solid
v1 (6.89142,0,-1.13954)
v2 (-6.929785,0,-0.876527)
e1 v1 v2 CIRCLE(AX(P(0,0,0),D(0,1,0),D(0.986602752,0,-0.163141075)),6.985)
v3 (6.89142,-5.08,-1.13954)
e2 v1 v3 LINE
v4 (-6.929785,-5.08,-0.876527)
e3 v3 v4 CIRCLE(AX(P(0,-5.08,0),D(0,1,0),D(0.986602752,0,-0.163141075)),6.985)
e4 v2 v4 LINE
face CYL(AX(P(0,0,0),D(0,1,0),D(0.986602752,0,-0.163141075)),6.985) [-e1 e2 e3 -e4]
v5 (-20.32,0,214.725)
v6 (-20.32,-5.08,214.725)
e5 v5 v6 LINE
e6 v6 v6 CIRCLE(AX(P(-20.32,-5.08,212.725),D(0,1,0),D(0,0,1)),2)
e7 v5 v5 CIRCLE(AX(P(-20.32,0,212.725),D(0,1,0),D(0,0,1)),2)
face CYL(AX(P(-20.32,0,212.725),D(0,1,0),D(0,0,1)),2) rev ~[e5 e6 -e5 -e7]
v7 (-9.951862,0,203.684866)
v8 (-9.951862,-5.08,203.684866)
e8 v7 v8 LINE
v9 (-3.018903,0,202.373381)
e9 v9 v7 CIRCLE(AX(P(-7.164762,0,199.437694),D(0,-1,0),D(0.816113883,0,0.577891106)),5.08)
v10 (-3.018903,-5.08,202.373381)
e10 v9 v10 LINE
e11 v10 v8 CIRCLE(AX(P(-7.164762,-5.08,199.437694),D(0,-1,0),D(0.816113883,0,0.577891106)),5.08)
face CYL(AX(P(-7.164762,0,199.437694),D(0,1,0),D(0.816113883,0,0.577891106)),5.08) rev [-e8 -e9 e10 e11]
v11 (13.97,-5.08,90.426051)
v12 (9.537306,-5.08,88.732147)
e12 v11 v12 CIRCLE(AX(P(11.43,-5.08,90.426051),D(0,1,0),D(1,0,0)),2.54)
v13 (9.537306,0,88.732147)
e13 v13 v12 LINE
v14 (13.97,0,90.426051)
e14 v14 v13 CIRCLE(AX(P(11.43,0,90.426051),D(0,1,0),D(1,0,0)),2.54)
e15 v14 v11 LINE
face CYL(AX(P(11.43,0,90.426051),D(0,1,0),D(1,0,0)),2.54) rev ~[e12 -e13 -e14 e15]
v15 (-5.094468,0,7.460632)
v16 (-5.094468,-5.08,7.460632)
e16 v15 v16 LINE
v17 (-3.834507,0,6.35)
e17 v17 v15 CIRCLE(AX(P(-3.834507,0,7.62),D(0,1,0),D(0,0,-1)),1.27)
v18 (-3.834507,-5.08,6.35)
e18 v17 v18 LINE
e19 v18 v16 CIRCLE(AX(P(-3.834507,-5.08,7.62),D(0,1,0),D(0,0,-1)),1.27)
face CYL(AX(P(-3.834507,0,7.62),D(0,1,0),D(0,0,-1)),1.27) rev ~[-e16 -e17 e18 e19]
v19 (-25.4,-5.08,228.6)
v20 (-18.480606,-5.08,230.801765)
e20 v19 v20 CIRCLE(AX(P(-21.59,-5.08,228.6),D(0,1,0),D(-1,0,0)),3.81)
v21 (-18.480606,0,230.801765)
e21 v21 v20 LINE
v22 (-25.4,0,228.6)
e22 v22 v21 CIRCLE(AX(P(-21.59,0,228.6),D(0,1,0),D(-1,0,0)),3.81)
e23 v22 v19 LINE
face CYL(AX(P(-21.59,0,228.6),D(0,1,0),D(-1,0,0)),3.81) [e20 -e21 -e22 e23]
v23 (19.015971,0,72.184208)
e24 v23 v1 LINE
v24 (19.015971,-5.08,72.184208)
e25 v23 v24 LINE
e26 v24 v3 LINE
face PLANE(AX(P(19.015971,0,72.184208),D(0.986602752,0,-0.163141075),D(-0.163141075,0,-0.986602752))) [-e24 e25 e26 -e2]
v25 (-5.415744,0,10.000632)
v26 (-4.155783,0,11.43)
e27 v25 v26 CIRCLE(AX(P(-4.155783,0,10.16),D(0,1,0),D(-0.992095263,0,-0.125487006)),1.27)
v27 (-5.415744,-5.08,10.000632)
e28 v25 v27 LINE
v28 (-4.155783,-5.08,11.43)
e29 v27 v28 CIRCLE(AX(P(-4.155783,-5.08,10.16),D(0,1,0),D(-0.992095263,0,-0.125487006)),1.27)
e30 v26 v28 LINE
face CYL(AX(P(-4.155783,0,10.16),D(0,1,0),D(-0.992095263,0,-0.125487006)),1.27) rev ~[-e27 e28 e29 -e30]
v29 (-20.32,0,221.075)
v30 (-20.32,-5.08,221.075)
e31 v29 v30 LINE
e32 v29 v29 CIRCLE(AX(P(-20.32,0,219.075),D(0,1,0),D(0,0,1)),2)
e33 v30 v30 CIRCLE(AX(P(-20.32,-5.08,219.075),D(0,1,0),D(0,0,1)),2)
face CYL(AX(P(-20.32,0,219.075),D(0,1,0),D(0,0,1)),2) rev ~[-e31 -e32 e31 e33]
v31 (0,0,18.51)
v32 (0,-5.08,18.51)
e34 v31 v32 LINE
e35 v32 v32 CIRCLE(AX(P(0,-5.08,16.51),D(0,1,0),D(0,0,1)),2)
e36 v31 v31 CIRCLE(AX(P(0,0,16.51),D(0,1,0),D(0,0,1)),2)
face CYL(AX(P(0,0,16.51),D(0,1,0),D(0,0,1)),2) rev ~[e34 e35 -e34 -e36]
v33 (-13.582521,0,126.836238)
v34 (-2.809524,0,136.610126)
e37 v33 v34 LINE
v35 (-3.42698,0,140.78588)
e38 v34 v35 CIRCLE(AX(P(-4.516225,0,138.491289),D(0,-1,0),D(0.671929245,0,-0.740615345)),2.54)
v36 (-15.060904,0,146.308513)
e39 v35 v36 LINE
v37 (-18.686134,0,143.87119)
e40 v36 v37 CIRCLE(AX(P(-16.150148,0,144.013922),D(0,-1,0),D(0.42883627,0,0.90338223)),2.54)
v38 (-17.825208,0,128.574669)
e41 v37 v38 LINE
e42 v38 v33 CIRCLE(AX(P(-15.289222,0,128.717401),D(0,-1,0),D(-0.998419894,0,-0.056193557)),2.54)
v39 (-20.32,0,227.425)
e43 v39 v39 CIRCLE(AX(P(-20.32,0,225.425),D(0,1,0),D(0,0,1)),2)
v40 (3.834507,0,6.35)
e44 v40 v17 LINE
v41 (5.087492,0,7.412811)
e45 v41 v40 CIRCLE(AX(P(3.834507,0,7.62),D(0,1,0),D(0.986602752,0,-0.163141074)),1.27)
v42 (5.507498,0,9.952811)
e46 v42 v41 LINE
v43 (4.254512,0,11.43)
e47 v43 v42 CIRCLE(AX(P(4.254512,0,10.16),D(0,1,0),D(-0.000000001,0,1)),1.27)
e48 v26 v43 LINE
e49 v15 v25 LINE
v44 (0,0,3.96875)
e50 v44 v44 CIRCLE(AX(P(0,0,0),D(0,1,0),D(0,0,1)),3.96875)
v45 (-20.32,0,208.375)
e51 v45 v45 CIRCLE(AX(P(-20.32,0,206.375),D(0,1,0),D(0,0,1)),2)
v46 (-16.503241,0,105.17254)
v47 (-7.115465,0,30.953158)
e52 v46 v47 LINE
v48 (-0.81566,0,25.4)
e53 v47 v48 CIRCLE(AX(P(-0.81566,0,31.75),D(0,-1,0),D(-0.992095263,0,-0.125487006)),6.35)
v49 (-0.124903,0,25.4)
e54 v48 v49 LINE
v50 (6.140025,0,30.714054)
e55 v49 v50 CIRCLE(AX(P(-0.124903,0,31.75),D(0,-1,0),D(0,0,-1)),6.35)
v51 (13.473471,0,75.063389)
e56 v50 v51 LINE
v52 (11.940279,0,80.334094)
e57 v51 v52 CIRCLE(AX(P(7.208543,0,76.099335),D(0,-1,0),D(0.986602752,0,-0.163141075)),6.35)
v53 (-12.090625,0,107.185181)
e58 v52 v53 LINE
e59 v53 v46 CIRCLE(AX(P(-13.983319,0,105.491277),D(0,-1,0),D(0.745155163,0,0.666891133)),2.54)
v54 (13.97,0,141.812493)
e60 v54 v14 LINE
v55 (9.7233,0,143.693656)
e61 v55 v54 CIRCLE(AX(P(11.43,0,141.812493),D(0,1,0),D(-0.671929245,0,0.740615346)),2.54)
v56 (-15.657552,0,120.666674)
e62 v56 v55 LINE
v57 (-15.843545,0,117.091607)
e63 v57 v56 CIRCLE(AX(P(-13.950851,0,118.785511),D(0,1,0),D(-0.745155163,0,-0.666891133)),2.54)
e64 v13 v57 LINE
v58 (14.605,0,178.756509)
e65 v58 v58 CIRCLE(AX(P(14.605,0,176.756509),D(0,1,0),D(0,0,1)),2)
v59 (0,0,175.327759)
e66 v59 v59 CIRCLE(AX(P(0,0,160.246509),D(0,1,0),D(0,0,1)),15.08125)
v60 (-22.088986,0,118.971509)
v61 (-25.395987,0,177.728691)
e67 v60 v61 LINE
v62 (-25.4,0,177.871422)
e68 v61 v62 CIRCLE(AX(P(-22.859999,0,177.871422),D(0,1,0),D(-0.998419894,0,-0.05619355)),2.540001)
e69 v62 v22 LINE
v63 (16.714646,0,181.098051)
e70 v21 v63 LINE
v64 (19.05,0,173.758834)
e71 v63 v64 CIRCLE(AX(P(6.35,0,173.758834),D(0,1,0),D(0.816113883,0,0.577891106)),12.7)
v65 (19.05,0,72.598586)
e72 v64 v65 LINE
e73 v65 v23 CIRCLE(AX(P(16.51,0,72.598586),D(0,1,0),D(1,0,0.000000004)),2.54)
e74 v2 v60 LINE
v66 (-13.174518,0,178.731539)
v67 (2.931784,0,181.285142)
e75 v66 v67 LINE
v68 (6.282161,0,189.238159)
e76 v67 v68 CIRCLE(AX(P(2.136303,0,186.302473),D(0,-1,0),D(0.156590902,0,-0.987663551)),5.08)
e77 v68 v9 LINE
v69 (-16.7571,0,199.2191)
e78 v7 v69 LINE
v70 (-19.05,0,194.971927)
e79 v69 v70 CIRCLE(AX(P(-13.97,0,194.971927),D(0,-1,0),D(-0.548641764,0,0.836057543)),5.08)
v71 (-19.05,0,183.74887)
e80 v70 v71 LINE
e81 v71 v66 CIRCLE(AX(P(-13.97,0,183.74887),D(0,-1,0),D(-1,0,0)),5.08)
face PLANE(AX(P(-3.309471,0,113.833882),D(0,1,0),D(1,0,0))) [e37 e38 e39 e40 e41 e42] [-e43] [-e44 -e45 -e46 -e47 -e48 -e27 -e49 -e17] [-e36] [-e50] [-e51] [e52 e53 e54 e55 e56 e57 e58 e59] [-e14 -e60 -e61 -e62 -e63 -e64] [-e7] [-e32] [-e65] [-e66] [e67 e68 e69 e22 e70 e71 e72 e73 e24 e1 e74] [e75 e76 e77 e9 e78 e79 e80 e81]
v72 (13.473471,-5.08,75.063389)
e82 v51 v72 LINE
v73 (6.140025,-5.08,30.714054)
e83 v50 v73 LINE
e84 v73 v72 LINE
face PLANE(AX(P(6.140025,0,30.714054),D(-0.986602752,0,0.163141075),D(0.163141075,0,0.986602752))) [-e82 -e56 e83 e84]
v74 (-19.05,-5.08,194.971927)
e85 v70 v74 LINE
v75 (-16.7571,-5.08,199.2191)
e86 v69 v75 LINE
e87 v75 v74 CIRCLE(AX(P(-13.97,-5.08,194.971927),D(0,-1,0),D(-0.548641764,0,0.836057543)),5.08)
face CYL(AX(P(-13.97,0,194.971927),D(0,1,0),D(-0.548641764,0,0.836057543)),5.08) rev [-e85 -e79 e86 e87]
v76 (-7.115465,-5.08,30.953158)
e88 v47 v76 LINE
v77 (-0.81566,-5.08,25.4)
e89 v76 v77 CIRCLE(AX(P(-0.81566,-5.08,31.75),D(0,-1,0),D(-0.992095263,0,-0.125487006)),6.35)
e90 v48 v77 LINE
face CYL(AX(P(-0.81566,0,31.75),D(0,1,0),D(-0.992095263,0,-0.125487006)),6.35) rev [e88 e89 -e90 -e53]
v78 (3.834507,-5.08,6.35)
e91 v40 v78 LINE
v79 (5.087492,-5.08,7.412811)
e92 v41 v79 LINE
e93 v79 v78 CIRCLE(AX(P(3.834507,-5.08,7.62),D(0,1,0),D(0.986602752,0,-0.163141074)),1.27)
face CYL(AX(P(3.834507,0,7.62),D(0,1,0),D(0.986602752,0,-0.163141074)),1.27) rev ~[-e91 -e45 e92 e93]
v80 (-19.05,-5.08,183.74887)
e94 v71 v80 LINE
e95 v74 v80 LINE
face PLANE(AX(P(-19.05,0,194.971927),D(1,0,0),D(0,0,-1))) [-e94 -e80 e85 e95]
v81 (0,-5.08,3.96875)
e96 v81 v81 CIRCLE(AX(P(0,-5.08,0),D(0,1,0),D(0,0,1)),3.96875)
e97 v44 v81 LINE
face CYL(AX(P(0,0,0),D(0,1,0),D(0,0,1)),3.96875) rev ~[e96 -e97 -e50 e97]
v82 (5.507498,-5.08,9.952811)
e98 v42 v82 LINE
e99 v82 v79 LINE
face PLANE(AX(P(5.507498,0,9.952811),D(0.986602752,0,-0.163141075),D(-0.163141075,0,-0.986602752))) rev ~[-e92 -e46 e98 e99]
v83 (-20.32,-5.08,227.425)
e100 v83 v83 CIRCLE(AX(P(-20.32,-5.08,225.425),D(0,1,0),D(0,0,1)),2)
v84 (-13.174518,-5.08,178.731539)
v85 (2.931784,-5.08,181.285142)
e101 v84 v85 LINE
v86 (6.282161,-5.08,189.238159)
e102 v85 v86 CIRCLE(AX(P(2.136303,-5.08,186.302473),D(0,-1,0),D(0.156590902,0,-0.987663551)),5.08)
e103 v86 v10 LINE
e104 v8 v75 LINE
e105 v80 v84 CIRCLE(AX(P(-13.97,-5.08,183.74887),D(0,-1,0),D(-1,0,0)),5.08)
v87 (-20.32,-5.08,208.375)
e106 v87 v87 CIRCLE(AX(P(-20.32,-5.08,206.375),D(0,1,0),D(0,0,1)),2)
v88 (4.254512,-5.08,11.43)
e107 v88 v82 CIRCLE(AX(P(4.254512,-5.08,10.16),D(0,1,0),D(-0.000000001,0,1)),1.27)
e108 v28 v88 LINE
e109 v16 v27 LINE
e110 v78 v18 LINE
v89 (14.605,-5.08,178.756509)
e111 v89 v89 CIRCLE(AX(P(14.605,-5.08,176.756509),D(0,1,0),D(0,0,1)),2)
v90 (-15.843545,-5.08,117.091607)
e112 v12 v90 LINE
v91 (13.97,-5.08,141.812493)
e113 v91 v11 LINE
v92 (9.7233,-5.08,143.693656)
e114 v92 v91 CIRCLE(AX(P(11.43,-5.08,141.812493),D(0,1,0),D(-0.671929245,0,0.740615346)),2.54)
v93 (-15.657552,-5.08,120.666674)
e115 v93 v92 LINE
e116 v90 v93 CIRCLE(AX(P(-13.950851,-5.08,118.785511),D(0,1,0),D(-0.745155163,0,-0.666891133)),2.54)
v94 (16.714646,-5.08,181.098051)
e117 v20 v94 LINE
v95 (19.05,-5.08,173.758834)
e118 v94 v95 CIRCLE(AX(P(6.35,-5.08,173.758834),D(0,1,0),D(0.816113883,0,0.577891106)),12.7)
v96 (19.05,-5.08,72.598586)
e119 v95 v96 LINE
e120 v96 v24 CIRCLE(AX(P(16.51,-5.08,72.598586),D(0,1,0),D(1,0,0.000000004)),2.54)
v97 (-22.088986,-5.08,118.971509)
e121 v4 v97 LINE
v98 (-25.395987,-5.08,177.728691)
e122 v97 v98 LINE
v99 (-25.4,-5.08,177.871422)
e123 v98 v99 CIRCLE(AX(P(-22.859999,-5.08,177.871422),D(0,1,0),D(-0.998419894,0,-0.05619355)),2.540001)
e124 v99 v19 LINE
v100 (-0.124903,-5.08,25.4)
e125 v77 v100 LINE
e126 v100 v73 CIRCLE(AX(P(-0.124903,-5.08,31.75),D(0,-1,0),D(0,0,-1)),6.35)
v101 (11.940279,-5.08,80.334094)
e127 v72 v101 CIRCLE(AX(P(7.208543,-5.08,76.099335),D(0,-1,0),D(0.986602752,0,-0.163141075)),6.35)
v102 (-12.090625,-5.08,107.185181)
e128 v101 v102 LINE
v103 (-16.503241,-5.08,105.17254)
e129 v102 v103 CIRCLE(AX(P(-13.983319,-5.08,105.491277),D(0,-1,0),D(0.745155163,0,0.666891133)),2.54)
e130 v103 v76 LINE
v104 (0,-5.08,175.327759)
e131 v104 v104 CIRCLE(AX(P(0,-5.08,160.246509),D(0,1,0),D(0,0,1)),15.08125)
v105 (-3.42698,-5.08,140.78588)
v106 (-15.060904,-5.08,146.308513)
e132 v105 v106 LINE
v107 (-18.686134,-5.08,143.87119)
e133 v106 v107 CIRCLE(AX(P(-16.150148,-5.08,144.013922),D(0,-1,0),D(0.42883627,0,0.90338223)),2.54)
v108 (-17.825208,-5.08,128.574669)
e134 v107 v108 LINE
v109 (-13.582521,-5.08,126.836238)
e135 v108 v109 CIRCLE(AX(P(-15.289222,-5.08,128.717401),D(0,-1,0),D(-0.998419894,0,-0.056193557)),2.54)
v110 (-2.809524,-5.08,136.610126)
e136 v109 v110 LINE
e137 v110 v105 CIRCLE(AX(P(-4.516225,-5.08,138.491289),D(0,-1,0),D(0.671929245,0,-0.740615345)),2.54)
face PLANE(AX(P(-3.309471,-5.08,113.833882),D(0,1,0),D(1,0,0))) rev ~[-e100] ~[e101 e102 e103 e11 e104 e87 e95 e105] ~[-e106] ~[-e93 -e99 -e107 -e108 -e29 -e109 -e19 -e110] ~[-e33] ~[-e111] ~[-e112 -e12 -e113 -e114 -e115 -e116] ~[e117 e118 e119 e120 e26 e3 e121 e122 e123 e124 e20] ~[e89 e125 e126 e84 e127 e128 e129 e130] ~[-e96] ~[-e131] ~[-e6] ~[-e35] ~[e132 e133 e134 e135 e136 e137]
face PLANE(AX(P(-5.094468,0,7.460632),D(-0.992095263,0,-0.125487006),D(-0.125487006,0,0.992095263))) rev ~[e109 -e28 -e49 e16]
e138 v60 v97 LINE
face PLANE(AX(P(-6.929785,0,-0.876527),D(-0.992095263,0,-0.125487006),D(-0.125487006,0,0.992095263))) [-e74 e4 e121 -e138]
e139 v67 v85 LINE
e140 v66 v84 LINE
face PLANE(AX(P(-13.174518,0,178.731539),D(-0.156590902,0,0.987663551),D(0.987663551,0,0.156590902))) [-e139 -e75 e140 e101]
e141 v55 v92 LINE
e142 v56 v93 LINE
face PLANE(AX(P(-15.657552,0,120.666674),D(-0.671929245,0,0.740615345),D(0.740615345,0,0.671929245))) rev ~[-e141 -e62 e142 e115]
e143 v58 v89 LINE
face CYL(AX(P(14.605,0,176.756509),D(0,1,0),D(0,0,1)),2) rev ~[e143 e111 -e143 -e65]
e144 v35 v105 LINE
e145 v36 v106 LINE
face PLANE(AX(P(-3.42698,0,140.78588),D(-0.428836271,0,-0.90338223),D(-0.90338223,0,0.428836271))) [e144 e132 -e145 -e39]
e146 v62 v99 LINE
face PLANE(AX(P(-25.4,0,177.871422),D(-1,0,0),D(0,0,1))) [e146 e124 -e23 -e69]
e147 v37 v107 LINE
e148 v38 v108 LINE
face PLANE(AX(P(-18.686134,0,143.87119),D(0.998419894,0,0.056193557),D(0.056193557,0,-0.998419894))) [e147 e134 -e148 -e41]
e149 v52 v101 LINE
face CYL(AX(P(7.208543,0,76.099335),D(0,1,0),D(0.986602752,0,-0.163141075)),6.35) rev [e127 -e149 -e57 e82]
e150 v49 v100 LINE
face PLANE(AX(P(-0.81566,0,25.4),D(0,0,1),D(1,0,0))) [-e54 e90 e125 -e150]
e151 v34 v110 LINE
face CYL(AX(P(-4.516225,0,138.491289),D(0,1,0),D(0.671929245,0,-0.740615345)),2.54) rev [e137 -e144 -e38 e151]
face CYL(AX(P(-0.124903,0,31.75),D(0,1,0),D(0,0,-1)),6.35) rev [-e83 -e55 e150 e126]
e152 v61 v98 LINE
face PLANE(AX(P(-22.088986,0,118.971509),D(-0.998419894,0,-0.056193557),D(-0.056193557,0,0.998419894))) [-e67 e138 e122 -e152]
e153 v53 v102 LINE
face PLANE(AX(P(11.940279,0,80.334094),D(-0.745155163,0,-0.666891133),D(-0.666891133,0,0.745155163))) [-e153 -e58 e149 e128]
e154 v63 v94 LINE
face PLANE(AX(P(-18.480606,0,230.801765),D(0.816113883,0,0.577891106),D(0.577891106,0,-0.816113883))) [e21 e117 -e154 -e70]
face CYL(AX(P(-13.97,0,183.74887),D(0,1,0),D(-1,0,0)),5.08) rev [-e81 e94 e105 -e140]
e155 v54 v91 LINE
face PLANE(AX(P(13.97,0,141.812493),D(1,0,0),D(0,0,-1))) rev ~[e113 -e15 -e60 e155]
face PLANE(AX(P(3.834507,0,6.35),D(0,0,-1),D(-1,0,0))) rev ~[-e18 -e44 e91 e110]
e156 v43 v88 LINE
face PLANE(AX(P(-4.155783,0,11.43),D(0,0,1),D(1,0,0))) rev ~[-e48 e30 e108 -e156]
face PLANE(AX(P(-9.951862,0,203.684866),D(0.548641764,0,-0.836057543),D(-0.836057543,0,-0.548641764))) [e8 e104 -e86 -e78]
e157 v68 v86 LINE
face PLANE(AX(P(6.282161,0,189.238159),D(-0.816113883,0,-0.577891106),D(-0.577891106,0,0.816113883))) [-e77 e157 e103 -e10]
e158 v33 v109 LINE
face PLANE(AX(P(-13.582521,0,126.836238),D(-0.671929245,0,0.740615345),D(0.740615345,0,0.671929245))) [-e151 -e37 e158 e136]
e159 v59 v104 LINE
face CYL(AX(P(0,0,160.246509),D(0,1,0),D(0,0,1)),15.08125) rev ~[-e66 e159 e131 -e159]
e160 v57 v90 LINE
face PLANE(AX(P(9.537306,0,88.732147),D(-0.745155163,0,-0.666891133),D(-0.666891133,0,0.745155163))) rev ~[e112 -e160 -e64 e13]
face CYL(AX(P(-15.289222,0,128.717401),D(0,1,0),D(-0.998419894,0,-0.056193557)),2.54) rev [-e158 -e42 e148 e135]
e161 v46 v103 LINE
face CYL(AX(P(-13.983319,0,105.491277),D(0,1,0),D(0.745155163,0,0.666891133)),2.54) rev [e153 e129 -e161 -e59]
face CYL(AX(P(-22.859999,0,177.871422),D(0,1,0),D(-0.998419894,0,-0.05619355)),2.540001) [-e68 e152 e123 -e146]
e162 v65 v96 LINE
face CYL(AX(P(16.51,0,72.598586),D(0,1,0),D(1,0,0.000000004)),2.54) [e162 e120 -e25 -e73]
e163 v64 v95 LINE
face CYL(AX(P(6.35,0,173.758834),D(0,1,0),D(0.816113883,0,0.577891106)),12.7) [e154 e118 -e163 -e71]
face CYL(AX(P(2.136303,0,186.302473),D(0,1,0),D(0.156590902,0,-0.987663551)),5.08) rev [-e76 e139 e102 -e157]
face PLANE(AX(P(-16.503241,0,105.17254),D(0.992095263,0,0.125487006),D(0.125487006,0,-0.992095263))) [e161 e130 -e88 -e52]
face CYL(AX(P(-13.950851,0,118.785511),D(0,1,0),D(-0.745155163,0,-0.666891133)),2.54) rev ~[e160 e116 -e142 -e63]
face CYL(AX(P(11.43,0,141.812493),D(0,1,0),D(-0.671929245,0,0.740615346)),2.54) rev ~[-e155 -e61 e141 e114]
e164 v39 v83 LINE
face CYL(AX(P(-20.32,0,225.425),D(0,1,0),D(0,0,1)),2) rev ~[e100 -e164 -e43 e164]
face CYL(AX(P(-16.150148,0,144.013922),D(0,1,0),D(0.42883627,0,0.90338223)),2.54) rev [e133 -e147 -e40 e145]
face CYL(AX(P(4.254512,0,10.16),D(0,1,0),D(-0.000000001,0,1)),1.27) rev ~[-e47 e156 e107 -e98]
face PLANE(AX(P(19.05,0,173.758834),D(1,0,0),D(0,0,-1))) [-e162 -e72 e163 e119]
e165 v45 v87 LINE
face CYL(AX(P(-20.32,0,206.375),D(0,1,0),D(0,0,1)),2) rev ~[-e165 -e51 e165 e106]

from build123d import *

# Parameters (mm, degrees)
SKETCH11_R          = 3.96875
SKETCH11_R_2        = 15.08125
SKETCH11_R_3        = 2
BOSS_EXTRUDE2_DEPTH = 5.08


with BuildPart() as part:
    # Sketch11 → Boss-Extrude2 (new body)
    with BuildSketch(Plane(origin=(0, 0, 0), x_dir=(1, 0, 0), z_dir=(0, 1, 0))):
        with BuildLine():
            Line((19.05, -173.758834345), (19.05, -72.598586407))
            ThreePointArc((19.05, -72.598586407), (19.041478453, -72.390699795), (19.015970989, -72.184208077))
            Line((19.015970989, -72.184208077), (6.891420221, 1.139540409))
            ThreePointArc((6.891420221, 1.139540409), (-0.132898533, 6.983735604), (-6.929785414, 0.876526736))
            Line((-6.929785414, 0.876526736), (-22.088986057, -118.971508934))
            Line((-22.088986057, -118.971508934), (-25.39598653, -177.728690609))
            ThreePointArc((-25.39598653, -177.728690609), (-25.398996434, -177.800028219), (-25.4, -177.871422245))
            Line((-25.4, -177.871422245), (-25.4, -228.6))
            ThreePointArc((-25.4, -228.6), (-22.745272537, -232.230626029), (-18.480606107, -230.801765114))
            Line((-18.480606107, -230.801765114), (16.71464631, -181.098051393))
            ThreePointArc((16.71464631, -181.098051393), (18.452086765, -177.609742801), (19.05, -173.758834345))
        make_face()
        with Locations(Location((0, 0, 0), (0, 0, 270))):
            Circle(SKETCH11_R, mode=Mode.SUBTRACT)
        with Locations(Location((0, -160.246508934, 0), (0, 0, 270))):
            Circle(SKETCH11_R_2, mode=Mode.SUBTRACT)
        with Locations(Location((-20.32, -225.425, 0), (0, 0, 270))):
            Circle(SKETCH11_R_3, mode=Mode.SUBTRACT)
        with Locations(Location((-20.32, -219.075, 0), (0, 0, 270))):
            Circle(SKETCH11_R_3, mode=Mode.SUBTRACT)
        with Locations(Location((-20.32, -212.725, 0), (0, 0, 270))):
            Circle(SKETCH11_R_3, mode=Mode.SUBTRACT)
        with Locations(Location((-20.32, -206.375, 0), (0, 0, 270))):
            Circle(SKETCH11_R_3, mode=Mode.SUBTRACT)
        with Locations(Location((0, -16.51, 0), (0, 0, 270))):
            Circle(SKETCH11_R_3, mode=Mode.SUBTRACT)
        with Locations(Location((14.605, -176.756508934, 0), (0, 0, 270))):
            Circle(SKETCH11_R_3, mode=Mode.SUBTRACT)
        with BuildLine():
            Line((11.940278596, -80.334093652), (-12.090624848, -107.18518059))
            ThreePointArc((-12.090624848, -107.18518059), (-15.037374992, -107.802243553), (-16.503240932, -105.172540118))
            Line((-16.503240932, -105.172540118), (-7.115464935, -30.953157513))
            ThreePointArc((-7.115464935, -30.953157513), (-5.014621207, -26.986469282), (-0.815660013, -25.4))
            Line((-0.815660013, -25.4), (-0.124902871, -25.4))
            ThreePointArc((-0.124902871, -25.4), (3.982665997, -26.907440966), (6.140024603, -30.714054174))
            Line((6.140024603, -30.714054174), (13.473470783, -75.063389134))
            ThreePointArc((13.473470783, -75.063389134), (13.305815609, -77.87296697), (11.940278596, -80.334093652))
        make_face(mode=Mode.SUBTRACT)
        with BuildLine():
            Line((13.97, -141.812492878), (13.97, -90.426050798))
            ThreePointArc((13.97, -90.426050798), (12.336685433, -88.053389523), (9.537305885, -88.732147321))
            Line((9.537305885, -88.732147321), (-15.843545445, -117.091607347))
            ThreePointArc((-15.843545445, -117.091607347), (-16.487420873, -118.917476564), (-15.657551613, -120.666673802))
            Line((-15.657551613, -120.666673802), (9.723299718, -143.693655856))
            ThreePointArc((9.723299718, -143.693655856), (12.458732541, -144.134842843), (13.97, -141.812492878))
        make_face(mode=Mode.SUBTRACT)
        with BuildLine():
            Line((-13.582521272, -126.836237527), (-2.809524218, -136.610125984))
            ThreePointArc((-2.809524218, -136.610125984), (-2.003545388, -138.86283126), (-3.426980373, -140.785879825))
            Line((-3.426980373, -140.785879825), (-15.060903725, -146.30851259))
            ThreePointArc((-15.060903725, -146.30851259), (-17.567328552, -146.121811397), (-18.686134382, -143.87119009))
            Line((-18.686134382, -143.87119009), (-17.825208084, -128.574668869))
            ThreePointArc((-17.825208084, -128.574668869), (-16.252271294, -126.367052616), (-13.582521272, -126.836237527))
        make_face(mode=Mode.SUBTRACT)
        with BuildLine():
            Line((6.282161105, -189.238159376), (-3.018903236, -202.373380963))
            ThreePointArc((-3.018903236, -202.373380963), (-6.220540057, -204.429171418), (-9.951861921, -203.684866462))
            Line((-9.951861921, -203.684866462), (-16.757100161, -199.219099788))
            ThreePointArc((-16.757100161, -199.219099788), (-18.440171631, -197.385216843), (-19.05, -194.971927471))
            Line((-19.05, -194.971927471), (-19.05, -183.748869713))
            ThreePointArc((-19.05, -183.748869713), (-17.268890157, -179.885746141), (-13.174518217, -178.731538875))
            Line((-13.174518217, -178.731538875), (2.931784364, -181.28514172))
            ThreePointArc((2.931784364, -181.28514172), (6.817844364, -184.330274157), (6.282161105, -189.238159376))
        make_face(mode=Mode.SUBTRACT)
        with BuildLine():
            Line((3.834506832, -6.35), (-3.834506832, -6.35))
            ThreePointArc((-3.834506832, -6.35), (-4.67429907, -6.667293856), (-5.094467816, -7.460631503))
            Line((-5.094467816, -7.460631503), (-5.415744418, -10.000631503))
            ThreePointArc((-5.415744418, -10.000631503), (-5.108489577, -10.999792239), (-4.155783434, -11.43))
            Line((-4.155783434, -11.43), (4.254512077, -11.43))
            ThreePointArc((4.254512077, -11.43), (5.223023884, -10.981513774), (5.507497571, -9.952810835))
            Line((5.507497571, -9.952810835), (5.087492326, -7.412810835))
            ThreePointArc((5.087492326, -7.412810835), (4.656020605, -6.651488193), (3.834506832, -6.35))
        make_face(mode=Mode.SUBTRACT)
    extrude(amount=-BOSS_EXTRUDE2_DEPTH)


solid = part.part
